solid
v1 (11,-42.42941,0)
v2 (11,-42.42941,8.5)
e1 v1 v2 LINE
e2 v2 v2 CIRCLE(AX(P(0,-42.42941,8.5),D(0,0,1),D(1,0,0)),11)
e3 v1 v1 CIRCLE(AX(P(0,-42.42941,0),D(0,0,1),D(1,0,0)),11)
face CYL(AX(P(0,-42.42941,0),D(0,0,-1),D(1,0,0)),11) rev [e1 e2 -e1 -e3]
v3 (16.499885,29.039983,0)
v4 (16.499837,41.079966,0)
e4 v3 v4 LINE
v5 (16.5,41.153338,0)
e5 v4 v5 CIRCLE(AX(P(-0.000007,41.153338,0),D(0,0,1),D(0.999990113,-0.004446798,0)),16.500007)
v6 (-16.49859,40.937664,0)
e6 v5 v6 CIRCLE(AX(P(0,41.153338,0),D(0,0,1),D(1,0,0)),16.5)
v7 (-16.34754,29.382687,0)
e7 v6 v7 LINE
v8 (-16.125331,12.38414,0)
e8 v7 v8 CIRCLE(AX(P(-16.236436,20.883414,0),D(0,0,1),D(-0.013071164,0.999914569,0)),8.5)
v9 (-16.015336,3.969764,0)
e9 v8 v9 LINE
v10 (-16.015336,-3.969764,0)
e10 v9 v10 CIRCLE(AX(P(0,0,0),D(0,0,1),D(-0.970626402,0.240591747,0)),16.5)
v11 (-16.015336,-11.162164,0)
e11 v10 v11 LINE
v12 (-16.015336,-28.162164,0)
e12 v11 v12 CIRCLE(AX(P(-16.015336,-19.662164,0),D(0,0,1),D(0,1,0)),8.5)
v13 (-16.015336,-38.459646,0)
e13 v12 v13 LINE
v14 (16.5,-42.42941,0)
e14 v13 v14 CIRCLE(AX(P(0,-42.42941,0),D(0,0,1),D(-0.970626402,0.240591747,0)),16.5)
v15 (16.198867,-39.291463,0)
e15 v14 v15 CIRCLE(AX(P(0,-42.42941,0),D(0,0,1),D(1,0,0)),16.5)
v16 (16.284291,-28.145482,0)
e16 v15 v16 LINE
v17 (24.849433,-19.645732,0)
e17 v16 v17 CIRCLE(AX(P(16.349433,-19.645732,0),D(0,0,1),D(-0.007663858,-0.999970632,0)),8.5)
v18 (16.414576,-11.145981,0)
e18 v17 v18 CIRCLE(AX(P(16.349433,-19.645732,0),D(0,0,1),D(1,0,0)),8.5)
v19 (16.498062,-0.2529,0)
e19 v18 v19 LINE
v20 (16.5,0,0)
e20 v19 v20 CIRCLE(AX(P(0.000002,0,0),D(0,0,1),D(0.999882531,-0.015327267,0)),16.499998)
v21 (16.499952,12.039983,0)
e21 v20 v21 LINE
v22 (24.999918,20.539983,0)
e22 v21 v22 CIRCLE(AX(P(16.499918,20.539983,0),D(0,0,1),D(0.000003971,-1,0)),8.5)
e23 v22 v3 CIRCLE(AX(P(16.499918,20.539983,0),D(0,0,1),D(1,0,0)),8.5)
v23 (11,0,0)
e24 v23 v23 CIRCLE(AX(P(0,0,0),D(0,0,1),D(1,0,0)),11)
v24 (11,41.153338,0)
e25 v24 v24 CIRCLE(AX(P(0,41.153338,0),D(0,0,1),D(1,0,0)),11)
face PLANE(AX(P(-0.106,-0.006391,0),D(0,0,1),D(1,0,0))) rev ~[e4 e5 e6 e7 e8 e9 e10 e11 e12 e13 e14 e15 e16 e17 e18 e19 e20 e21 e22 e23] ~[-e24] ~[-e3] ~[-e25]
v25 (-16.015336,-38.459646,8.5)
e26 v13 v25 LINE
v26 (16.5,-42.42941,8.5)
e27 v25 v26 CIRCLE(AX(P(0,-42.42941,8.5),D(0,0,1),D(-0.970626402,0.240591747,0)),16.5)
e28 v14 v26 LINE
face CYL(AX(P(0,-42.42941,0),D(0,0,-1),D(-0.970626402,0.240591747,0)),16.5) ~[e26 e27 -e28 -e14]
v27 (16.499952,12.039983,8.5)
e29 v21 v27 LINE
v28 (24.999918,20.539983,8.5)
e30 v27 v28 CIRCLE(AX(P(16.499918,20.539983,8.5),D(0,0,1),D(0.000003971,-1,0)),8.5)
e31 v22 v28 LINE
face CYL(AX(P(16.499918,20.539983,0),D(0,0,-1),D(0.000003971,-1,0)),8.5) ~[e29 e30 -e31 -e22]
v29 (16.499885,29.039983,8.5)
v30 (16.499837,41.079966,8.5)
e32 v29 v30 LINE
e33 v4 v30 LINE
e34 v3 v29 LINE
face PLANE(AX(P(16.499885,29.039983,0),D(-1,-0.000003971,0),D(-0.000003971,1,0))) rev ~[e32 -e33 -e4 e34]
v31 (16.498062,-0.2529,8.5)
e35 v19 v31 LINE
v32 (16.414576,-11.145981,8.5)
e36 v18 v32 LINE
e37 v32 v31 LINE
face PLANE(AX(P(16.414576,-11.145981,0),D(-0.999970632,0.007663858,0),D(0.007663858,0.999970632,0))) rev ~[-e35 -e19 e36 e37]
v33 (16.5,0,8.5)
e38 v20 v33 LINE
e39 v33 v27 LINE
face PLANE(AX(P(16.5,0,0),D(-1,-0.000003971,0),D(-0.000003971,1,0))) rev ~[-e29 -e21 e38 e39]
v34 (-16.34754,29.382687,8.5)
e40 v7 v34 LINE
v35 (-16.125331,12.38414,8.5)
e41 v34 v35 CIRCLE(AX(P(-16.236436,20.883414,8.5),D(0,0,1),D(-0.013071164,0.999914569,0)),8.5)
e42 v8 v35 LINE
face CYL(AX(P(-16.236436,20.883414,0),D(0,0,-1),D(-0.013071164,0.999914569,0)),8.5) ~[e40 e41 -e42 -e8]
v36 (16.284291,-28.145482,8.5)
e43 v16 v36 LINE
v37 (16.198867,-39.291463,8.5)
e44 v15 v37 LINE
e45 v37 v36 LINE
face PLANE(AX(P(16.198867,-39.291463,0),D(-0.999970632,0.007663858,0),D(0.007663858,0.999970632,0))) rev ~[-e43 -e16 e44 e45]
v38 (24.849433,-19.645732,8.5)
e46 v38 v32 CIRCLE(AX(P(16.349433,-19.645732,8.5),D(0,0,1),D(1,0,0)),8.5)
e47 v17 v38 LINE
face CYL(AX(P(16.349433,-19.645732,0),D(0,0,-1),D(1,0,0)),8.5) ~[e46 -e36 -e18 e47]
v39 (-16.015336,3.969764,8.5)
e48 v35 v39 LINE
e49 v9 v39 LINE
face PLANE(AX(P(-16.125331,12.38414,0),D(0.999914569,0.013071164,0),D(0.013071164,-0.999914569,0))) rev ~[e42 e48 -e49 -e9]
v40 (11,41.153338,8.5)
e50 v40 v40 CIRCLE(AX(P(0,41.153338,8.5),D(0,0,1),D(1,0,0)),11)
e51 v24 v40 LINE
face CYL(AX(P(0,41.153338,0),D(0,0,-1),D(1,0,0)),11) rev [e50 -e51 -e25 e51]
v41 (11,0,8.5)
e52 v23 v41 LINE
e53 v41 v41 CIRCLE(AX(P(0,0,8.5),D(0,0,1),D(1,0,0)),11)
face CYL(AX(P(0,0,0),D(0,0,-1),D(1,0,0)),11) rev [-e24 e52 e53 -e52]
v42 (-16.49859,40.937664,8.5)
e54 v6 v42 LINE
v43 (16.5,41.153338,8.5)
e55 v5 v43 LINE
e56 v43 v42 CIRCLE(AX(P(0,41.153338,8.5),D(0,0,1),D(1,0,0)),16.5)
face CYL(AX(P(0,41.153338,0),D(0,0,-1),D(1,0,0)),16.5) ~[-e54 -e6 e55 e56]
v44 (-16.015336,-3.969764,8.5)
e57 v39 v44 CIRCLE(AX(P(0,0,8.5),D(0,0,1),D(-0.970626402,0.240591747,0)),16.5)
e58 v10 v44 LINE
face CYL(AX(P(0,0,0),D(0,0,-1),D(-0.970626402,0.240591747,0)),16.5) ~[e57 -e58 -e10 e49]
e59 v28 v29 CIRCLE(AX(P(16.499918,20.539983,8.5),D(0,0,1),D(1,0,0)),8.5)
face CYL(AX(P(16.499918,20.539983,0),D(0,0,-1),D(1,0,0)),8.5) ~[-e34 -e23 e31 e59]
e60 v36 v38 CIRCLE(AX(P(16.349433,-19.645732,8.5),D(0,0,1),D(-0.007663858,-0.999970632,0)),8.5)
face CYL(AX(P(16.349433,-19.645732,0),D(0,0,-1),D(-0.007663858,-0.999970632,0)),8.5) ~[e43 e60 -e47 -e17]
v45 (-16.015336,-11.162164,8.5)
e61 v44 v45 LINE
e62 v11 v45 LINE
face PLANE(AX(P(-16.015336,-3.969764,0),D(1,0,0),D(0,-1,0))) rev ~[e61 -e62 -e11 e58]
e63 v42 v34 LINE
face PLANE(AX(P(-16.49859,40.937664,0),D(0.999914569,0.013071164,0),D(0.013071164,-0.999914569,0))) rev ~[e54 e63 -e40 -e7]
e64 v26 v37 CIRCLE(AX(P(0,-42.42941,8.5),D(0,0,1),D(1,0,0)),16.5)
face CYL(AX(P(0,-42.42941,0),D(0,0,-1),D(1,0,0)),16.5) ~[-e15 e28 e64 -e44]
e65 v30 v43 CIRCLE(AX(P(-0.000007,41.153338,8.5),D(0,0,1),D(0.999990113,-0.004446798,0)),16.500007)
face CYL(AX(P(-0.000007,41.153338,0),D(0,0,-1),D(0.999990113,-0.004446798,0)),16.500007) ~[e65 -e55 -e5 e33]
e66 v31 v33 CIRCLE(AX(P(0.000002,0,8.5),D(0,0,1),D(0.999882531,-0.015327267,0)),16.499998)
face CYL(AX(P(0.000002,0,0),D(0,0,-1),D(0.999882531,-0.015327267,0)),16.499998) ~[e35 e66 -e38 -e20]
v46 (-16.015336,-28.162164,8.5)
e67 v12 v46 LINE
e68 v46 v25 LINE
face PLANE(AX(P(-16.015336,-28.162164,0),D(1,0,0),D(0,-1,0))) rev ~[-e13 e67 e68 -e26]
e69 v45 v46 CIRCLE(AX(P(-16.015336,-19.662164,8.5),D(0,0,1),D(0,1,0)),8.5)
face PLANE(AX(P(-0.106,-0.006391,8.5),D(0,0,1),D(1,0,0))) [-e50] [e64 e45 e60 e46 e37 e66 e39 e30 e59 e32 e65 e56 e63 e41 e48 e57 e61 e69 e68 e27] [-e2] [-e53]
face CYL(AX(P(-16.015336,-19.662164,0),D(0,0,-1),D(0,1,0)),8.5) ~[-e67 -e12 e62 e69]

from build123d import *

# Parameters (mm, degrees)
F0_R     = 11
F1_DEPTH = 8.5


with BuildPart() as f1:
    # F0 (on Top) → F1 (new body)
    with BuildSketch(Plane.XY):
        with BuildLine():
            Line((16.4980617543, -0.2528998809), (16.5000000001, 0))
            ThreePointArc((16.5, 0), (1.9996202367, 16.3783857235), (-16.0153356253, 3.9697638228))
            Line((-16.0153356253, 3.9697638228), (-16.0153356253, -3.9697638228))
            ThreePointArc((-16.0153356253, -3.9697638228), (1.8740398927, -16.3932295317), (16.4980617543, -0.2528998809))
        make_face()
        Circle(F0_R, mode=Mode.SUBTRACT)
        with BuildLine():
            ThreePointArc((-16.0153356253, 3.9697638228), (1.9996202367, 16.3783857235), (16.5, 0))
            Line((16.5000000001, 0), (16.499952187, 12.0399828124))
            ThreePointArc((16.499952187, 12.0399828124), (7.9999184319, 20.5399490572), (16.4998846767, 29.0399828123))
            Line((16.4998846767, 29.0399828123), (16.4998368635, 41.0799656247))
            ThreePointArc((16.4998368635, 41.0799656247), (0.0711537399, 24.653491227), (-16.4985903834, 40.9376636039))
            Line((-16.4985903834, 40.9376636039), (-16.3475404927, 29.3826874159))
            ThreePointArc((-16.3475404927, 29.3826874159), (-10.2654386813, 26.9329752019), (-7.7364356004, 20.8834135821))
            ThreePointArc((-7.7364356004, 20.8834135821), (-10.1868739806, 14.912416663), (-16.1253307082, 12.3841397482))
            Line((-16.1253307082, 12.3841397482), (-16.0153356253, 3.9697638228))
        make_face()
        with BuildLine():
            ThreePointArc((16.4980617543, -0.2528998809), (16.4995154315, -0.1264536541), (16.5, 0))
            Line((16.5000000001, 0), (16.4980617543, -0.2528998809))
        make_face()
        with BuildLine():
            Line((-16.0153356253, -3.9697638228), (-16.0153356253, 3.9697638228))
            ThreePointArc((-16.0153356253, 3.9697638228), (-16.5, 0), (-16.0153356253, -3.9697638228))
        make_face()
        with BuildLine():
            Line((16.4145762702, -11.1459812296), (16.4980617543, -0.2528998809))
            ThreePointArc((16.4980617543, -0.2528998809), (1.8740398927, -16.3932295317), (-16.0153356253, -3.9697638228))
            Line((-16.0153356253, -3.9697638228), (-16.0153356253, -11.1621641517))
            ThreePointArc((-16.0153356253, -11.1621641517), (-10.0049279852, -13.6517565116), (-7.5153356253, -19.6621641517))
            ThreePointArc((-7.5153356253, -19.6621641517), (-10.0049279852, -25.6725717918), (-16.0153356253, -28.1621641517))
            Line((-16.0153356253, -28.1621641517), (-16.0153356253, -38.4596460984))
            ThreePointArc((-16.0153356253, -38.4596460984), (0.4259118008, -25.934907833), (16.1988669486, -39.2914632067))
            Line((16.1988669486, -39.2914632067), (16.2842906785, -28.1454819771))
            ThreePointArc((16.2842906785, -28.1454819771), (7.8496831006, -19.5805888074), (16.4145762702, -11.1459812296))
        make_face()
        with BuildLine():
            ThreePointArc((16.4998846767, 29.0399828123), (7.9999184319, 20.5399490572), (16.499952187, 12.0399828124))
            Line((16.499952187, 12.0399828124), (16.4998846767, 29.0399828123))
        make_face()
        with BuildLine():
            Line((16.4998846767, 29.0399828123), (16.499952187, 12.0399828124))
            ThreePointArc((16.499952187, 12.0399828124), (22.5103380062, 14.5295871065), (24.9999184318, 20.5399828123))
            ThreePointArc((24.9999184318, 20.5399828123), (22.5103141376, 26.5504023867), (16.4998846767, 29.0399828123))
        make_face()
        with BuildLine():
            ThreePointArc((-16.3475404927, 29.3826874159), (-24.7357094343, 20.7723086899), (-16.1253307082, 12.3841397482))
            Line((-16.1253307082, 12.3841397482), (-16.3475404927, 29.3826874159))
        make_face()
        with BuildLine():
            Line((-16.3475404927, 29.3826874159), (-16.1253307082, 12.3841397482))
            ThreePointArc((-16.1253307082, 12.3841397482), (-10.1868739806, 14.912416663), (-7.7364356004, 20.8834135821))
            ThreePointArc((-7.7364356004, 20.8834135821), (-10.2654386813, 26.9329752019), (-16.3475404927, 29.3826874159))
        make_face()
        with BuildLine():
            ThreePointArc((24.8494334743, -19.6457316033), (22.3828286116, -13.658399717), (16.4145762702, -11.1459812296))
            Line((16.4145762702, -11.1459812296), (16.2842906785, -28.1454819771))
            ThreePointArc((16.2842906785, -28.1454819771), (22.3367653607, -25.6791267406), (24.8494334743, -19.6457316033))
        make_face()
        with BuildLine():
            Line((16.2842906785, -28.1454819771), (16.4145762702, -11.1459812296))
            ThreePointArc((16.4145762702, -11.1459812296), (7.8496831006, -19.5805888074), (16.2842906785, -28.1454819771))
        make_face()
        with BuildLine():
            ThreePointArc((-7.5153356253, -19.6621641517), (-10.0049279852, -13.6517565116), (-16.0153356253, -11.1621641517))
            Line((-16.0153356253, -11.1621641517), (-16.0153356253, -28.1621641517))
            ThreePointArc((-16.0153356253, -28.1621641517), (-10.0049279852, -25.6725717918), (-7.5153356253, -19.6621641517))
        make_face()
        with BuildLine():
            Line((-16.0153356253, -28.1621641517), (-16.0153356253, -11.1621641517))
            ThreePointArc((-16.0153356253, -11.1621641517), (-24.5153356253, -19.6621641517), (-16.0153356253, -28.1621641517))
        make_face()
        with BuildLine():
            ThreePointArc((-16.4985903834, 40.9376636039), (0.0711537399, 24.653491227), (16.4998368635, 41.0799656247))
            ThreePointArc((16.4998368635, 41.0799656247), (16.4999592158, 41.1166516249), (16.5, 41.1533378065))
            ThreePointArc((16.5, 41.1533378065), (-0.1078394045, 57.6529853985), (-16.4985903834, 40.9376636039))
        make_face()
        with Locations((0, 41.1533378065)):
            Circle(F0_R, mode=Mode.SUBTRACT)
        with BuildLine():
            ThreePointArc((16.5, -42.4294099212), (16.4245442045, -40.8532285628), (16.1988669486, -39.2914632067))
            ThreePointArc((16.1988669486, -39.2914632067), (0.4259118008, -25.934907833), (-16.0153356253, -38.4596460984))
            ThreePointArc((-16.0153356253, -38.4596460984), (-1.9996202367, -58.8077956447), (16.5, -42.4294099212))
        make_face()
        with Locations((0, -42.4294099212)):
            Circle(F0_R, mode=Mode.SUBTRACT)
    extrude(amount=F1_DEPTH)


solid = f1.part
